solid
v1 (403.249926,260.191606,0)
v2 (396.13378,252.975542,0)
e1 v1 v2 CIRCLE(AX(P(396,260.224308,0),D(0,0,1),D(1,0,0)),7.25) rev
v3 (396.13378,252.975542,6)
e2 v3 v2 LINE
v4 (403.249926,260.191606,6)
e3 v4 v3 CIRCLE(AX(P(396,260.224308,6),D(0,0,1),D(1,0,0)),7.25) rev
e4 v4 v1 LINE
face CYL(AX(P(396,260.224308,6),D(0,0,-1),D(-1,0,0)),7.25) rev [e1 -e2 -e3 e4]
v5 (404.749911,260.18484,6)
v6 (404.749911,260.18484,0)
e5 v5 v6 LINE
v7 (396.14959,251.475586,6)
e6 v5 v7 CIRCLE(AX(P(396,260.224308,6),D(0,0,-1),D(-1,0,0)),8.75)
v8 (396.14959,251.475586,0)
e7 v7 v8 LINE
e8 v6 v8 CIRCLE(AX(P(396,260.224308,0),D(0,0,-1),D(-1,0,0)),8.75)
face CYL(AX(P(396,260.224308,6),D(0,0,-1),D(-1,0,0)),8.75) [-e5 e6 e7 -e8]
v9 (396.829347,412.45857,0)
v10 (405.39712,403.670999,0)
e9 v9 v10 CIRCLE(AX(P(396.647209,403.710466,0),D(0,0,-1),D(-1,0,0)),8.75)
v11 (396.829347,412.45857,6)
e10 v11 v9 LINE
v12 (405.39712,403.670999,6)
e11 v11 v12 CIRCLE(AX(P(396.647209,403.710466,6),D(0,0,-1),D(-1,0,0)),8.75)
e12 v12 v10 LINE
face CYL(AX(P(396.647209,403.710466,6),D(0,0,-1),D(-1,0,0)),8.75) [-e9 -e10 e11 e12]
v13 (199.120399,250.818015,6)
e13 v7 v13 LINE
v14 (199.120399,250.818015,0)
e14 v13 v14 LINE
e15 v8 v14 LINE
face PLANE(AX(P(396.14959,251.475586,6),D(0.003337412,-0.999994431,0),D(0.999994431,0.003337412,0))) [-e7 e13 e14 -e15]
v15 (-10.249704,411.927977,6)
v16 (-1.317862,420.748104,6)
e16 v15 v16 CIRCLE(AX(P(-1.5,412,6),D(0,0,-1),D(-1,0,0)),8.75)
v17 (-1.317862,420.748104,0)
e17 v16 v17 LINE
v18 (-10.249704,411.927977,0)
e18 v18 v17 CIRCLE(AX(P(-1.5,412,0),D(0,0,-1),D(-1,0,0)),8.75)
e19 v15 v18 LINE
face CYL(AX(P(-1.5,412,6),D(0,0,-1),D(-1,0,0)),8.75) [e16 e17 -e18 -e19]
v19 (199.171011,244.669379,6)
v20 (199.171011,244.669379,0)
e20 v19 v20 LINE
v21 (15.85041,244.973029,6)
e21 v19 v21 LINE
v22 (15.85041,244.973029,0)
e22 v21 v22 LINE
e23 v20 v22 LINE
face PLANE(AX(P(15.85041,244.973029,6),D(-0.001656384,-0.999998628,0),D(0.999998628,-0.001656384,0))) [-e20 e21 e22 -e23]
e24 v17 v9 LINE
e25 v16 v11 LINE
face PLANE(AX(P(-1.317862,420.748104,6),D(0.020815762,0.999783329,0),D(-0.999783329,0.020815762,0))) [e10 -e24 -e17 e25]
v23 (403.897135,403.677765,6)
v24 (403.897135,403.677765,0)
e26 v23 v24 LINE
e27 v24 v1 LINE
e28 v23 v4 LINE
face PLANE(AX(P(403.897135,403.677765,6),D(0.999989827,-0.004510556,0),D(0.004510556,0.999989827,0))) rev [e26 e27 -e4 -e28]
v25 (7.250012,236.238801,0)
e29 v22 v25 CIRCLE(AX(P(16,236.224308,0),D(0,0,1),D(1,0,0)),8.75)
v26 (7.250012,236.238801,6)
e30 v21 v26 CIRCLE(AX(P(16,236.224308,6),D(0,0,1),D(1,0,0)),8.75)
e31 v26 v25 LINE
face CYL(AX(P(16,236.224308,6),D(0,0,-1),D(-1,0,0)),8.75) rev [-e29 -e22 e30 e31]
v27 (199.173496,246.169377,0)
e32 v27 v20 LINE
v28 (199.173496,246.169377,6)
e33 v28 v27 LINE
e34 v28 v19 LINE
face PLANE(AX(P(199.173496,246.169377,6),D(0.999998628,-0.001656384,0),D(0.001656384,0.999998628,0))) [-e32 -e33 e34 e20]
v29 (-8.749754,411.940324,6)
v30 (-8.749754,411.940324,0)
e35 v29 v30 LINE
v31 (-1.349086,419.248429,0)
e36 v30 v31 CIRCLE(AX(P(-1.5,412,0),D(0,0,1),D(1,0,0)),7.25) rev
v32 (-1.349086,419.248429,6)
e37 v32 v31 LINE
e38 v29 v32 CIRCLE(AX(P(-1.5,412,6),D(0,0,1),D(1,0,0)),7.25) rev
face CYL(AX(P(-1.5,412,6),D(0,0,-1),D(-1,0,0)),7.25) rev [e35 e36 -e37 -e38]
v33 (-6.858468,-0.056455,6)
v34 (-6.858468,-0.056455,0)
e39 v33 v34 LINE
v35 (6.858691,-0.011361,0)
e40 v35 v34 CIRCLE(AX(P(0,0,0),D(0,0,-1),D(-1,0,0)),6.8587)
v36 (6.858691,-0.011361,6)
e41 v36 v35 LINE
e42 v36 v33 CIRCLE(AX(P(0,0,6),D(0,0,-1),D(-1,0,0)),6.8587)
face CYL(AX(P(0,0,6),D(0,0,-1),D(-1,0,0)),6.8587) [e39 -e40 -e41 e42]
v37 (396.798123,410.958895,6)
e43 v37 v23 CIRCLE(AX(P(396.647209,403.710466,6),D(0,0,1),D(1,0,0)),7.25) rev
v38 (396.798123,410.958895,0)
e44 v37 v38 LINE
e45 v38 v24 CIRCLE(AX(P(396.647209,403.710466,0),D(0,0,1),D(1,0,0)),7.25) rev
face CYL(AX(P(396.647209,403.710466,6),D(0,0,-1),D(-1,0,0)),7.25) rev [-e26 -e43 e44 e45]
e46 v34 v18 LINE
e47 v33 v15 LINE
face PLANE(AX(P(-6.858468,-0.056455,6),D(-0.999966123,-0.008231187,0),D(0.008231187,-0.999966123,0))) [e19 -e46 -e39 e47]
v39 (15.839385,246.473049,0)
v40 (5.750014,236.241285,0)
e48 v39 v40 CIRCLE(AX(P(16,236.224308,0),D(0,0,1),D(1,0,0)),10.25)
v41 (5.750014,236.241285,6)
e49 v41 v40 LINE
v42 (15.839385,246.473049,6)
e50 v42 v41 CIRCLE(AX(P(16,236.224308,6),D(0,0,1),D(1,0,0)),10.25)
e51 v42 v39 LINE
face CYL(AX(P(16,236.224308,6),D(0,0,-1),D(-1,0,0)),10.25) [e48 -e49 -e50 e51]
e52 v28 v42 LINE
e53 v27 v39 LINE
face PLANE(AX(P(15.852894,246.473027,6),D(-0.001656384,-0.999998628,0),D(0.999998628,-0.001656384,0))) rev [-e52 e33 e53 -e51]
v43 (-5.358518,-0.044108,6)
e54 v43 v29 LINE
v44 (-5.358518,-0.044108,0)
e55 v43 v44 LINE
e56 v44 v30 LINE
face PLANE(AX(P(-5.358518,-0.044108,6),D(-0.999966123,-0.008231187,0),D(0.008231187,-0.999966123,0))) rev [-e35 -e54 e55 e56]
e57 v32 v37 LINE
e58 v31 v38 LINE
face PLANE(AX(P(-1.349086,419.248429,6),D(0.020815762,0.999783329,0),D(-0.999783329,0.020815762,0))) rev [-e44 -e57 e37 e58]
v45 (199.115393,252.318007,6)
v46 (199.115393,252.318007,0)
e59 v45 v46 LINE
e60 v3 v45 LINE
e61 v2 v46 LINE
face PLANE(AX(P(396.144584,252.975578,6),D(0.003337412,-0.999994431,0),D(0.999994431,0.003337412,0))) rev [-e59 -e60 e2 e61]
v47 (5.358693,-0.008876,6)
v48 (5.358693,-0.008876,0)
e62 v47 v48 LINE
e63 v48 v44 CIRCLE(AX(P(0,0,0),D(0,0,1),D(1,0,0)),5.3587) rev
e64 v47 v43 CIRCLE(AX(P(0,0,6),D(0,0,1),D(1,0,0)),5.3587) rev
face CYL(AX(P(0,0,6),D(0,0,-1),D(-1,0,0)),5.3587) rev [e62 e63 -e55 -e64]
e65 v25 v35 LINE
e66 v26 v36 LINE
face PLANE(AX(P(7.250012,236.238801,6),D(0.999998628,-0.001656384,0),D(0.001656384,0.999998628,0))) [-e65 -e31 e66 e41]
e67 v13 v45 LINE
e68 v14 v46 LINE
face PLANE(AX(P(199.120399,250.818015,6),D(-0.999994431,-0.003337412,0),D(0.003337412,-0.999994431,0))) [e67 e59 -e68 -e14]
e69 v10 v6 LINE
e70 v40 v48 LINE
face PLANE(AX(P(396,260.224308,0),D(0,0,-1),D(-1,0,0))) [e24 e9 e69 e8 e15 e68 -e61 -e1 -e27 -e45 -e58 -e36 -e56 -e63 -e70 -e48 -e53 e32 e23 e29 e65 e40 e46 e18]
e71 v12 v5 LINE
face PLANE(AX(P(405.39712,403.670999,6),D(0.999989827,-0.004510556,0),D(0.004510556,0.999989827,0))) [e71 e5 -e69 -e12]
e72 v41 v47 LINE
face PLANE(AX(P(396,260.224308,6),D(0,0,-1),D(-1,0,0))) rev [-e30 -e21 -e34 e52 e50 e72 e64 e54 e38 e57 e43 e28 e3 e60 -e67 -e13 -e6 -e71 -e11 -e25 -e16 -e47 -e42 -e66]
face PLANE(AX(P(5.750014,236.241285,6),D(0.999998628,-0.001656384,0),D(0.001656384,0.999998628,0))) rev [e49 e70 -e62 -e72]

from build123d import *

# Parameters (mm, degrees)
EXTRUDE_1_DEPTH = 6


with BuildPart() as part:
    # Эскиз1 → Вытянуть-Тонкостенный1 (new body)
    with BuildSketch(Plane.XY):
        with BuildLine():
            Line((199.171010966, 244.669379092), (15.850409713, 244.973028732))
            ThreePointArc((15.850409713, 244.973028732), (9.76523397, 242.3635414), (7.250012003, 236.238800882))
            Line((7.250012003, 236.238800882), (6.858690591, -0.011360638))
            ThreePointArc((6.858690591, -0.011360638), (0.022547579, -6.858662938), (-6.858467649, -0.056455245))
            Line((-6.858467649, -0.056455245), (-10.249703578, 411.927977114))
            ThreePointArc((-10.249703578, 411.927977114), (-7.648126176, 418.225997476), (-1.317862082, 420.748104128))
            Line((-1.317862082, 420.748104128), (396.829346884, 412.458570479))
            ThreePointArc((396.829346884, 412.458570479), (402.912249078, 409.818802658), (405.397119956, 403.670998988))
            Line((405.397119956, 403.670998988), (404.749910989, 260.184840159))
            ThreePointArc((404.749910989, 260.184840159), (402.225998422, 254.076182312), (396.149590287, 251.475586319))
            Line((396.149590287, 251.475586319), (199.120398676, 250.818015146))
            Line((199.120398676, 250.818015146), (199.115392559, 252.318006792))
            Line((199.115392559, 252.318006792), (396.13377965, 252.975541906))
            ThreePointArc((396.13377965, 252.975541906), (401.162138455, 255.133646805), (403.249926248, 260.191605993))
            Line((403.249926248, 260.191605993), (403.897135215, 403.677764822))
            ThreePointArc((403.897135215, 403.677764822), (401.838242202, 408.771659292), (396.798123241, 410.958895487))
            Line((396.798123241, 410.958895487), (-1.349085725, 419.248429135))
            ThreePointArc((-1.349085725, 419.248429135), (-6.594161688, 417.158683623), (-8.749754393, 411.940323895))
            Line((-8.749754393, 411.940323895), (-5.358518464, -0.044108464))
            ThreePointArc((-5.358518464, -0.044108464), (0.017616416, -5.358671043), (5.358692649, -0.008876062))
            Line((5.358692649, -0.008876062), (5.750014061, 236.241285457))
            ThreePointArc((5.750014061, 236.241285457), (8.70154817, 243.421188856), (15.839385081, 246.473049051))
            Line((15.839385081, 246.473049051), (199.173495541, 246.169377034))
            Line((199.173495541, 246.169377034), (199.171010966, 244.669379092))
        make_face()
    extrude(amount=EXTRUDE_1_DEPTH)


solid = part.part
